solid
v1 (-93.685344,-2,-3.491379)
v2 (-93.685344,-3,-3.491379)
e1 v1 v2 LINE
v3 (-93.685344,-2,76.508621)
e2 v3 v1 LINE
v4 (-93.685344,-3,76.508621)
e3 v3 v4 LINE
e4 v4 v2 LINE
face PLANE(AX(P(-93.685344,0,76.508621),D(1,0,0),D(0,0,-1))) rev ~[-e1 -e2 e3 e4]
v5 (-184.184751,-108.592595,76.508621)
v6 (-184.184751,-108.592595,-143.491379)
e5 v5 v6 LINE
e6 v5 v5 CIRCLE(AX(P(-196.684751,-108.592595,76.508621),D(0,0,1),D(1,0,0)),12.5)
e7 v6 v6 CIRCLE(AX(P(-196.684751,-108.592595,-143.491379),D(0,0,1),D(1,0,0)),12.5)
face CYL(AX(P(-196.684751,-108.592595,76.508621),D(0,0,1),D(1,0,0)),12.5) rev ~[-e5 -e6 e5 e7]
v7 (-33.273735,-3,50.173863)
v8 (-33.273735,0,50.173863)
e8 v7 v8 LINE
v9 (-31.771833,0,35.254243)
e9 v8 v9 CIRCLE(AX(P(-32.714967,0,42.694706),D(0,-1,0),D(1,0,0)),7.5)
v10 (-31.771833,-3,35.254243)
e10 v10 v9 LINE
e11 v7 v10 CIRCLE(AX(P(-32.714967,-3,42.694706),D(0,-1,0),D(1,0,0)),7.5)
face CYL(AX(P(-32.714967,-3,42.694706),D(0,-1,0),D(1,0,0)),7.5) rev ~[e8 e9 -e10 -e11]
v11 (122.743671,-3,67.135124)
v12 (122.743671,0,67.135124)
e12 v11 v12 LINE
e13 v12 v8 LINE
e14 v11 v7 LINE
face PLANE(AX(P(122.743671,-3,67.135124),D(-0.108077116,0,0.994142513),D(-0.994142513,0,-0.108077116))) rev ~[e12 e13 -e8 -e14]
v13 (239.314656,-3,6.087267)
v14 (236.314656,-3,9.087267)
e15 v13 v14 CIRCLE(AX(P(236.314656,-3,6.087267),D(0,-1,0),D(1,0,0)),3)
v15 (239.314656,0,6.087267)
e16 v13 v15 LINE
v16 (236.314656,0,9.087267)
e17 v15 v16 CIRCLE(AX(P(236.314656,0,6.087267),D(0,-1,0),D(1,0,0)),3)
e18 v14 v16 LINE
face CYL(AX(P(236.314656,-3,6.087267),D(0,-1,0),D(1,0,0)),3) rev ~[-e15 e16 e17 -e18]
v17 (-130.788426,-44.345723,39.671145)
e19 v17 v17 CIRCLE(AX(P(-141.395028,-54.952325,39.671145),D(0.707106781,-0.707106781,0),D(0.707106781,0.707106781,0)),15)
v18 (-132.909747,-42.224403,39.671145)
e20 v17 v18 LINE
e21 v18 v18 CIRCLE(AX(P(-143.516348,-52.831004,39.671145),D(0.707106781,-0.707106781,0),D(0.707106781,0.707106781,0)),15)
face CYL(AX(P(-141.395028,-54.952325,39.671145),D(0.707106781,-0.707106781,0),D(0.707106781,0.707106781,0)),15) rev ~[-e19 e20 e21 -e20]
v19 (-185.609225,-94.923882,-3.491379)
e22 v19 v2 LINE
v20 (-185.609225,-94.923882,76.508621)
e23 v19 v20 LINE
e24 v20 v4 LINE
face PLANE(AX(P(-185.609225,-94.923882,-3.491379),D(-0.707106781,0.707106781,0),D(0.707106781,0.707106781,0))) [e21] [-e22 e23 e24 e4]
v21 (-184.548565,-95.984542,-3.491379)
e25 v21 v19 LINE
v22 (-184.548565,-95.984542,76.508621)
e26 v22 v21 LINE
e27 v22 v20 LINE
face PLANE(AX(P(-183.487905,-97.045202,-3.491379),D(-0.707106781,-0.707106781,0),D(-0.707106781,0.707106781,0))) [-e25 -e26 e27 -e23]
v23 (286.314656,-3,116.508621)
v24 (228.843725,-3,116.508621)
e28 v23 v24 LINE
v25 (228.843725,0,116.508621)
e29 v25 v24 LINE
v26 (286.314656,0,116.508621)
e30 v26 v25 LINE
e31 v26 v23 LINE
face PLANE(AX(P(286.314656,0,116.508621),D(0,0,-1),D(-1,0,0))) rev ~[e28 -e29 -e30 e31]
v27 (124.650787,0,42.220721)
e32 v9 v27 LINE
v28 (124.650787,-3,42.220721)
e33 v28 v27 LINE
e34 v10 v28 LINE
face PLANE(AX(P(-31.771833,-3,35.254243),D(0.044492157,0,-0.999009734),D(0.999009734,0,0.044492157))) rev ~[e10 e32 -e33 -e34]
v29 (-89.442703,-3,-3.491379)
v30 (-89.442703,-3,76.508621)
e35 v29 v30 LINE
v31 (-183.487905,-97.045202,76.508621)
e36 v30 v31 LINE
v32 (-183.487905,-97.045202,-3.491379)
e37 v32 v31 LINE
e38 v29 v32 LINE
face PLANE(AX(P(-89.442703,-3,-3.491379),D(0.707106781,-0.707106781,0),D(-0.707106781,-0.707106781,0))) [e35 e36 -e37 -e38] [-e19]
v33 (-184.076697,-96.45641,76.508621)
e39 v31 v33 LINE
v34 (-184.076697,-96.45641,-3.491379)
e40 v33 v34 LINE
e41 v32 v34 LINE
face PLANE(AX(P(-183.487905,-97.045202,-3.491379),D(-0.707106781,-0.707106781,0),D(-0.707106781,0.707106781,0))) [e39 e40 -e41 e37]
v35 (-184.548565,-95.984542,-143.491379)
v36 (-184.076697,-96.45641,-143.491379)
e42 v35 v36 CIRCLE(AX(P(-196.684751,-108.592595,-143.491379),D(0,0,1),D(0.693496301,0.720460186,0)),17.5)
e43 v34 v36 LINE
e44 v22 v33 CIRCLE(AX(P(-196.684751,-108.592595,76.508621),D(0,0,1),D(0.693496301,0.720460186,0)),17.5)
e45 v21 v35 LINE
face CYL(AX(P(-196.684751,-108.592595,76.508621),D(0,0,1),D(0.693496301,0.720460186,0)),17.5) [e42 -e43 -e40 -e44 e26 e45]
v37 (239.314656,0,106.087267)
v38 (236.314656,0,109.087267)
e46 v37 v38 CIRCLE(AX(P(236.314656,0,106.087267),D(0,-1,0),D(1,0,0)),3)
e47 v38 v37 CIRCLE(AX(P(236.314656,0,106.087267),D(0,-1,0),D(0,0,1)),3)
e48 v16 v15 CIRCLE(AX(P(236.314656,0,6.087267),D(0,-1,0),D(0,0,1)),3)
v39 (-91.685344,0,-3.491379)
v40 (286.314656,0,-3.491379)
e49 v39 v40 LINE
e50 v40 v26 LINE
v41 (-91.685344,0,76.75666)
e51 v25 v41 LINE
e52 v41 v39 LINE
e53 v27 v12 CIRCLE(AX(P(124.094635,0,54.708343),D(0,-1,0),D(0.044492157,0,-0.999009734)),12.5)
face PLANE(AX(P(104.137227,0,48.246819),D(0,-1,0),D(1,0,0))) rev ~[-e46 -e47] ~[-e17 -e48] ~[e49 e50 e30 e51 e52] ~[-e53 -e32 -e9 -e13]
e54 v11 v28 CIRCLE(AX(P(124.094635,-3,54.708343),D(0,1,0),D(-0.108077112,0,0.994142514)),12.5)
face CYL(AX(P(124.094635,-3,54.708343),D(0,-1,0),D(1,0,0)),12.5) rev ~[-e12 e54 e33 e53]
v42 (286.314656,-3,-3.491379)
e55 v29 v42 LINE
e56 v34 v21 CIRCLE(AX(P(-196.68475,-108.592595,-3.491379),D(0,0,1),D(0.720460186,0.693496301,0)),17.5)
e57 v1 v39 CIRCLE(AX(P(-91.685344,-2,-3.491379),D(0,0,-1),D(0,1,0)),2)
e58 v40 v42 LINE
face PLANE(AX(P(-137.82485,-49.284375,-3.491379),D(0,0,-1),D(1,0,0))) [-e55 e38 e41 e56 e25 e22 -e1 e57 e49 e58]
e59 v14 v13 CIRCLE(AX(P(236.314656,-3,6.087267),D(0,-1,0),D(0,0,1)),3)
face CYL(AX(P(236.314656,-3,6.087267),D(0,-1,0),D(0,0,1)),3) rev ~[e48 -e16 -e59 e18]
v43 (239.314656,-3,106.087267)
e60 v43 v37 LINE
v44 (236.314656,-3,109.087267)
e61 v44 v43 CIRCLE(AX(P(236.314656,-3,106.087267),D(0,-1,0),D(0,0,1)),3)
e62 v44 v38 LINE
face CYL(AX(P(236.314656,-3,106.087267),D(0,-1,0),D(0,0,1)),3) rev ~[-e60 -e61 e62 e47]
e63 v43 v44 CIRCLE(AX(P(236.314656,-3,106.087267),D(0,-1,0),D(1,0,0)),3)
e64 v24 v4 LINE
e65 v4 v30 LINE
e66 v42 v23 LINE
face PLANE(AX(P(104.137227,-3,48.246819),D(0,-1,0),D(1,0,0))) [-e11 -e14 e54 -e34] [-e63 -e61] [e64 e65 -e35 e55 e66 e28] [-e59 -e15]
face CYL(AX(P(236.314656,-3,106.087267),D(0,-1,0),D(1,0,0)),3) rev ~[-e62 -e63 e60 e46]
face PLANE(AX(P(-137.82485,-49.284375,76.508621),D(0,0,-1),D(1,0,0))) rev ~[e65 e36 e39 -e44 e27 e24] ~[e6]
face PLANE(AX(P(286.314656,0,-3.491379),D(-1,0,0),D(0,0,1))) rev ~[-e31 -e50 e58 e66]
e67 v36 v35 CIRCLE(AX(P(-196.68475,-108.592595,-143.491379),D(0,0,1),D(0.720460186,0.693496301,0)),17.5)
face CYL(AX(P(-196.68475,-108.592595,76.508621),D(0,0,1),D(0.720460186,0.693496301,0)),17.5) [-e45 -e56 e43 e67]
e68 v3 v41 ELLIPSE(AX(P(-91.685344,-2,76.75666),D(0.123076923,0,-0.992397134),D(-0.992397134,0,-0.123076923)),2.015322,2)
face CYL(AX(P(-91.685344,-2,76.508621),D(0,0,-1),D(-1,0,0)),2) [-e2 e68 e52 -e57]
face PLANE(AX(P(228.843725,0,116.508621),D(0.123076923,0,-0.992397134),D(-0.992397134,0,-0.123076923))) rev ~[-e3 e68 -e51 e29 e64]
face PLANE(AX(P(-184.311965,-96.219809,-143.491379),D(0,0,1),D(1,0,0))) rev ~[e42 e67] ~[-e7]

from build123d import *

# Parameters (mm, degrees)
F1_DEPTH  = 3
F4_DEPTH  = 80
F5_R      = 2
F6_DEPTH  = 80
F7_R      = 12.5
F8_DEPTH  = 3
F9_R      = 7.5
F10_DEPTH = 3.001
F12_DEPTH = 3
F15_DEPTH = 3.001
F17_DEPTH = 3.001
F18_DEPTH = 80
F13_R     = 15
F19_DEPTH = 70.1223203436
F21_DEPTH = 220
F22_R     = 12.5
F23_DEPTH = 220.001


with BuildPart() as f1:
    # F0 (on Front) → F1 (new body)
    with BuildSketch(Plane.XZ):
        Polygon((-93.6853438616, -3.4913793206), (286.3146561384, -3.4913793206), (286.3146561384, 116.5086206794), (228.8437245958, 116.5086206794), (-93.6853438616, 76.5086206794), align=None)
    extrude(amount=F1_DEPTH)

    # F2 (on face) → F4 (join)
    with BuildSketch(Plane(origin=(0, 0, -3.4913793206), x_dir=(1, 0, 0), z_dir=(0, 0, -1))):
        Polygon((-185.6092254158, 94.9238815543), (-93.6853438616, 3), (-89.4427031745, 3), (-183.4879050723, 97.0452018978), align=None)
    extrude(amount=-F4_DEPTH)

    # F5
    f5_edges = [f1.edges().sort_by_distance(p)[0] for p in [
        (-93.685344, 0, 36.508621),
    ]]
    fillet(f5_edges, radius=F5_R)

    # F7 (on face) → F8 (cut)
    with BuildSketch(Plane.XZ.offset(3)):
        with Locations((124.0946352482, 54.7083429992)):
            Circle(F7_R)
    extrude(amount=-F8_DEPTH, mode=Mode.SUBTRACT)

    # F9 (on face) → F10 (cut, through all)
    with BuildSketch(Plane.XZ.offset(3)):
        with Locations((-32.7149666846, 42.6947064698)):
            Circle(F9_R)
    extrude(amount=-F10_DEPTH, mode=Mode.SUBTRACT)

    # F11 (on face) → F12 (cut)
    with BuildSketch(Plane.XZ.offset(3)):
        with BuildLine():
            ThreePointArc((-25.2149666846, 42.6947064698), (-27.0880889677, 37.736052705), (-31.7718325937, 35.2542429031))
            Line((-31.7718325937, 35.2542429031), (124.6507872105, 42.2207213283))
            ThreePointArc((124.6507872105, 42.2207213283), (111.6310963493, 53.754299962), (122.7436713431, 67.1351244219))
            Line((122.7436713431, 67.1351244219), (-33.2737348604, 50.173862714))
            ThreePointArc((-33.2737348604, 50.173862714), (-27.6130435824, 48.192013143), (-25.2149666846, 42.6947064698))
        make_face()
    extrude(amount=-F12_DEPTH, mode=Mode.SUBTRACT)

    # F14 (on face) → F15 (cut, through all)
    with BuildSketch(Plane.XZ.offset(3)):
        with BuildLine():
            ThreePointArc((239.3146561384, 106.0872673988), (238.435976482, 108.2085877424), (236.3146561384, 109.0872673988))
            ThreePointArc((236.3146561384, 109.0872673988), (234.1933357949, 103.9659470553), (239.3146561384, 106.0872673988))
        make_face()
    extrude(amount=-F15_DEPTH, mode=Mode.SUBTRACT)

    # F16 (on face) → F17 (cut, through all)
    with BuildSketch(Plane.XZ.offset(3)):
        with BuildLine():
            ThreePointArc((239.3146561384, 6.0872673988), (238.435976482, 8.2085877424), (236.3146561384, 9.0872673988))
            ThreePointArc((236.3146561384, 9.0872673988), (234.1933357949, 3.9659470553), (239.3146561384, 6.0872673988))
        make_face()
    extrude(amount=-F17_DEPTH, mode=Mode.SUBTRACT)



with BuildPart() as f6:
    # F3 (on face) → F6 (new body)
    with BuildSketch(Plane(origin=(0, 0, -3.4913793206), x_dir=(1, 0, 0), z_dir=(0, 0, -1))):
        Polygon((-183.4879050723, 97.0452018978), (-185.6092254158, 94.9238815543), (-93.6853438616, 3), (-89.4427031745, 3), align=None)
    extrude(amount=-F6_DEPTH)


with BuildPart() as f1_1:
    add(f1.part)

    add(f6.part)  # F18 merges F6
    # F2 (on face) → F18 (join)
    with BuildSketch(Plane(origin=(0, 0, -3.4913793206), x_dir=(1, 0, 0), z_dir=(0, 0, -1))):
        Polygon((-185.6092254158, 94.9238815543), (-93.6853438616, 3), (-89.4427031745, 3), (-183.4879050723, 97.0452018978), align=None)
    extrude(amount=-F18_DEPTH)

    # F13 (on face) → F19 (cut, through all)
    with BuildSketch(Plane(origin=(-43.2213515872, 43.2213515872, 0), x_dir=(0.7071067812, 0.7071067812, 0), z_dir=(0.7071067812, -0.7071067812, 0))):
        with Locations((-138.838544488, 39.6711453795)):
            Circle(F13_R)
    extrude(amount=-F19_DEPTH, mode=Mode.SUBTRACT)

    # F20 (on face) → F21 (join)
    with BuildSketch(Plane.XY.offset(76.5086206794)):
        with BuildLine():
            Line((-184.5485652441, -95.984541726), (-184.0766972591, -96.456409711))
            ThreePointArc((-184.0766972591, -96.456409711), (-184.3103818476, -96.2182263145), (-184.5485652441, -95.984541726))
        make_face()
        with BuildLine():
            ThreePointArc((-184.5485652441, -95.984541726), (-212.7880613937, -115.4433890159), (-179.1847505183, -108.5925949853))
            ThreePointArc((-179.1847505183, -108.5925949853), (-180.4537472832, -102.0500775813), (-184.0766972591, -96.456409711))
            Line((-184.0766972591, -96.456409711), (-184.5485652441, -95.984541726))
        make_face()
    extrude(amount=-F21_DEPTH)

    # F22 (on face) → F23 (cut, through all)
    with BuildSketch(Plane.XY.offset(76.5086206794)):
        with Locations((-196.6847505183, -108.5925949853)):
            Circle(F22_R)
    extrude(amount=-F23_DEPTH, mode=Mode.SUBTRACT)


with BuildPart() as f24_1:
    # F24: instance of F1
    add(f1_1.part.mirror(Plane.YZ))


solid = f1_1.part
